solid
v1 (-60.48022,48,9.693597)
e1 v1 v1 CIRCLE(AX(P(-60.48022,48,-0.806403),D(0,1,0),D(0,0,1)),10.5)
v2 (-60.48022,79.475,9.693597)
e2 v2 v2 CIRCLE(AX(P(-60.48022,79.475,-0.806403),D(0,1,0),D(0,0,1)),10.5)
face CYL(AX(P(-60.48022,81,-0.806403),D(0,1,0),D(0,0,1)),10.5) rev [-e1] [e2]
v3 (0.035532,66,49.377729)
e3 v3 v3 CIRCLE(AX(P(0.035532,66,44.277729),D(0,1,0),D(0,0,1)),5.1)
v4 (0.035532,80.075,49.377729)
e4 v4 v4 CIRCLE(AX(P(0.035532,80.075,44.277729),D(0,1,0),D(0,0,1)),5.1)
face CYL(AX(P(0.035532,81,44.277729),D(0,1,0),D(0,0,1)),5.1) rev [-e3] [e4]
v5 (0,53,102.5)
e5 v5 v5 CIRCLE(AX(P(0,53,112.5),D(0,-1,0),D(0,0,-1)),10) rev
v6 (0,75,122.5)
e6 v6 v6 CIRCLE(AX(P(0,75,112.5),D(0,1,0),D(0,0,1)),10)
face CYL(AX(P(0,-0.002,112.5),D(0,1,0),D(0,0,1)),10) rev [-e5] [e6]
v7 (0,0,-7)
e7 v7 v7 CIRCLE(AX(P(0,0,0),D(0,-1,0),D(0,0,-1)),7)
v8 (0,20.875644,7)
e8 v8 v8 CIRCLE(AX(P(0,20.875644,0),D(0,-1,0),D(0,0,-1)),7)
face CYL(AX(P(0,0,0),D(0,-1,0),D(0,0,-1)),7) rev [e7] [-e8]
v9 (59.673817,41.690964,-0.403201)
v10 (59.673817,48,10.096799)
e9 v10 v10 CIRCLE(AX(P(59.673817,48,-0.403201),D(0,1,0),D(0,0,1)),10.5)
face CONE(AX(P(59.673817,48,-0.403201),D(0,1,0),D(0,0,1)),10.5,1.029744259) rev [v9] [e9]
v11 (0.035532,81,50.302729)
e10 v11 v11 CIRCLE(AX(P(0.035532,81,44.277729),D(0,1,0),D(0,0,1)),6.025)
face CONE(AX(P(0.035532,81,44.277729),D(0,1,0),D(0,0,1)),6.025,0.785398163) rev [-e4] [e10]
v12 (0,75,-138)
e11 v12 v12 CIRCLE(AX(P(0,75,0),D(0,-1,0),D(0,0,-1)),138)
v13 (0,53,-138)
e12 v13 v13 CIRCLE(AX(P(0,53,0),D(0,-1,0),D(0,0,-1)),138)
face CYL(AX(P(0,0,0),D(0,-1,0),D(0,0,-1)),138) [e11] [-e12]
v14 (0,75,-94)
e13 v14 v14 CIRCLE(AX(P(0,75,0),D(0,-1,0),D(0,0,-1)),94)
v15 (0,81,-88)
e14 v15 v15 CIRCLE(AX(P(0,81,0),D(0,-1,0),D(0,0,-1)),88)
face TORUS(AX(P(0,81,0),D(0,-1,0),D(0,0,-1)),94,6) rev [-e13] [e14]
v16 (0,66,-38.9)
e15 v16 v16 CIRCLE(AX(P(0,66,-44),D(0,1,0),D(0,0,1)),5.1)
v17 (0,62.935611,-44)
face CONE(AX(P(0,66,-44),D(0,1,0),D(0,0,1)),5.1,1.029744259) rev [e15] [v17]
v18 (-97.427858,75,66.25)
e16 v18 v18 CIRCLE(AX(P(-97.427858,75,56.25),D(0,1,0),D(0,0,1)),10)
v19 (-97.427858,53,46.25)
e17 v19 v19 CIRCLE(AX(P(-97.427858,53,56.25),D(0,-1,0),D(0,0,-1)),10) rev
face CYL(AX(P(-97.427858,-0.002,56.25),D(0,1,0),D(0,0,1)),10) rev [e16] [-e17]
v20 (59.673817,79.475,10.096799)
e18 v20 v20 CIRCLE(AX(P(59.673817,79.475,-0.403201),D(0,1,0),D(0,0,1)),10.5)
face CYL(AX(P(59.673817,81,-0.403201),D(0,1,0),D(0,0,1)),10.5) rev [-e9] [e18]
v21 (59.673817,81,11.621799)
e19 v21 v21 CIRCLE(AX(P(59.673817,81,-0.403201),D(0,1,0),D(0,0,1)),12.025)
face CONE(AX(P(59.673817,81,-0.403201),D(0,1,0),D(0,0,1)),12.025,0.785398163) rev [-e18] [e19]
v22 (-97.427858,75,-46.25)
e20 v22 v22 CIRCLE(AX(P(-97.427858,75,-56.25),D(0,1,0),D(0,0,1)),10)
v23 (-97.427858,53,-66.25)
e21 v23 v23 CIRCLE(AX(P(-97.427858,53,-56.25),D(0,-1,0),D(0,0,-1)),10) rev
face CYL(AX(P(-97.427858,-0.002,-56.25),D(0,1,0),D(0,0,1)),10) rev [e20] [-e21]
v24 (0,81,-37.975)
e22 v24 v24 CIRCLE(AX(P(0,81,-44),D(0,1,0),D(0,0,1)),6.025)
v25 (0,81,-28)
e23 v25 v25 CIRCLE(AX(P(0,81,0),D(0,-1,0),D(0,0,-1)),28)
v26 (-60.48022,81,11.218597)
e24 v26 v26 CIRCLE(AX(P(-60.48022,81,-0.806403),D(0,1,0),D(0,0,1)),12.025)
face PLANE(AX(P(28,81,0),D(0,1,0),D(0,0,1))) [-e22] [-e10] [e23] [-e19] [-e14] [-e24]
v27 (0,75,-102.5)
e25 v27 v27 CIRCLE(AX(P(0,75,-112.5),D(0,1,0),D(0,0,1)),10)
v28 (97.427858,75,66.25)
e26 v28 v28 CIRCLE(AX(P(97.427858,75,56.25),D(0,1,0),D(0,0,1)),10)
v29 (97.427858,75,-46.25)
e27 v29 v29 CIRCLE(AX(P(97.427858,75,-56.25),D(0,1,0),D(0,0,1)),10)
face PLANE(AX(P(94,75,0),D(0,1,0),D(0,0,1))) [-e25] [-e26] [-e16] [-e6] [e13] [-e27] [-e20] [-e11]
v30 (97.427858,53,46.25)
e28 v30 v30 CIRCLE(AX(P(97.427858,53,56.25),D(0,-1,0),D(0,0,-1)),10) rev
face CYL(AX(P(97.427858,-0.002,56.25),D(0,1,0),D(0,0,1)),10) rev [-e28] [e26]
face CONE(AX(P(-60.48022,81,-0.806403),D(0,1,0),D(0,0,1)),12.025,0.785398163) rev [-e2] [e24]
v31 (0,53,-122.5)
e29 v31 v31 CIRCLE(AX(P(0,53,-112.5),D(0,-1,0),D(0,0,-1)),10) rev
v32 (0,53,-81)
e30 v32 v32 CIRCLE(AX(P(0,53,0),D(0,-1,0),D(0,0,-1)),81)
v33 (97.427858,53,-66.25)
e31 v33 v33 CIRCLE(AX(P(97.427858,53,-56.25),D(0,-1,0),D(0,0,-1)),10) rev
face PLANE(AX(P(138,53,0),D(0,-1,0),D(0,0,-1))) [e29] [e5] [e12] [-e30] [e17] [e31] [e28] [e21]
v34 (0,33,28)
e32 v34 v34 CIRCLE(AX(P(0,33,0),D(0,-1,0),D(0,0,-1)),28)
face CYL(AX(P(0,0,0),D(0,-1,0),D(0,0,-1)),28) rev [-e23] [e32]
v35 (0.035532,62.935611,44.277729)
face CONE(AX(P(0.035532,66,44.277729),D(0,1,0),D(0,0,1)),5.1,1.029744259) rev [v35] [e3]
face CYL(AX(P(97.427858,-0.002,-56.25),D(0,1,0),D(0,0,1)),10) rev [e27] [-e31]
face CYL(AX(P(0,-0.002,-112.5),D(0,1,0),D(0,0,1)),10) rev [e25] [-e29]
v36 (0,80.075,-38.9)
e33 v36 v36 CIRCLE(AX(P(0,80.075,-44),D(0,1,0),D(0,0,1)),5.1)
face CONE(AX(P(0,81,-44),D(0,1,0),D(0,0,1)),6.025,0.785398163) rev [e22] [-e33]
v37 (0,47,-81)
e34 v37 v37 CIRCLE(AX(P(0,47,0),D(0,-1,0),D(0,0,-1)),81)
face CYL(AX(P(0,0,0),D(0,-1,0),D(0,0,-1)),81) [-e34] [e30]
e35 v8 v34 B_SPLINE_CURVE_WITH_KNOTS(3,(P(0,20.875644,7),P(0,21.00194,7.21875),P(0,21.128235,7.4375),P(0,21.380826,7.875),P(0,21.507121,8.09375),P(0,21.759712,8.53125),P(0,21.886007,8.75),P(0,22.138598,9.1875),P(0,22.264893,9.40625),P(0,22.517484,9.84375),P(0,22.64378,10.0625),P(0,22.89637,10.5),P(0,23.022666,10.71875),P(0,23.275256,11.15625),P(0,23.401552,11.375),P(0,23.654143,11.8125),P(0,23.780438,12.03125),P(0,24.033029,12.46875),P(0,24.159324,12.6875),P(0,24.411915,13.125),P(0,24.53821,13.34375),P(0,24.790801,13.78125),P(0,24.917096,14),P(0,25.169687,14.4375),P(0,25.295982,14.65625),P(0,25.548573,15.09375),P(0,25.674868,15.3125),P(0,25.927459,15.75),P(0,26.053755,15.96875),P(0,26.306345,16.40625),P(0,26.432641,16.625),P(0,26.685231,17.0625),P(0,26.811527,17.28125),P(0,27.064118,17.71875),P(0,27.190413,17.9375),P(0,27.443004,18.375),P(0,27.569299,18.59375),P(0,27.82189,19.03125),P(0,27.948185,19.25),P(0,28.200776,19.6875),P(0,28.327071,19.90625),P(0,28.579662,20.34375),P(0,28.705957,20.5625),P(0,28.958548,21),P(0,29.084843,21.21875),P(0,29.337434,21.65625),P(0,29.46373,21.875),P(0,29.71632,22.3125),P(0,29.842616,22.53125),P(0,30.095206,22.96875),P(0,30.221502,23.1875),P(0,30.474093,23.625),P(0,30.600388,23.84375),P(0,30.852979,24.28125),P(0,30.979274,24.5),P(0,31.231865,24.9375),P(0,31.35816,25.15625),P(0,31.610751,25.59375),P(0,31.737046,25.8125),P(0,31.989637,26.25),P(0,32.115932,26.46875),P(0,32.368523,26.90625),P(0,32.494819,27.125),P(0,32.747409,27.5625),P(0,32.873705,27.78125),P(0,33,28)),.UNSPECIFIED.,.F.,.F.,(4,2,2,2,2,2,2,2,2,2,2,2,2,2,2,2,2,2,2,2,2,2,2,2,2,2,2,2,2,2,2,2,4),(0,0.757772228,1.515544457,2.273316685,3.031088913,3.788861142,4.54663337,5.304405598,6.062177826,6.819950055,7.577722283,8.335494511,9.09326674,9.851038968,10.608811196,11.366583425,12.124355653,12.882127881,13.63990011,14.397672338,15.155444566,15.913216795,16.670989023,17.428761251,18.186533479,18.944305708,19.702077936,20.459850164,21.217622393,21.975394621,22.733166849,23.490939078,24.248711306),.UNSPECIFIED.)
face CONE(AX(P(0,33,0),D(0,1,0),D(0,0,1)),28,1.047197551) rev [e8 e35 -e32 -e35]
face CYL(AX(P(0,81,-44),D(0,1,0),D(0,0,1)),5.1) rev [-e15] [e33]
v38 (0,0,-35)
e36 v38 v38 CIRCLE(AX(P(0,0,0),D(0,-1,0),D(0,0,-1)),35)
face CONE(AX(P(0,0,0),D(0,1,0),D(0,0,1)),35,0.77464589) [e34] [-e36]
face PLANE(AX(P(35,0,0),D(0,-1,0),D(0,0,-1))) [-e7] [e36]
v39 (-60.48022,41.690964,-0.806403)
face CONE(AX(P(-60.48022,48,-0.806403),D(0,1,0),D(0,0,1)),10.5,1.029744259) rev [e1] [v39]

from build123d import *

# Parameters (mm, degrees)
M12_TAPPED_HOLE1_D           = 10.2
M12_TAPPED_HOLE1_DEPTH       = 15
M12_TAPPED_HOLE1_CSINK_D     = 12.05
M12_TAPPED_HOLE1_CSINK_ANGLE = 90
M12_TAPPED_HOLE1_TIP         = 3.064389157
M12_TAPPED_HOLE3_D           = 10.2
M12_TAPPED_HOLE3_DEPTH       = 15
M12_TAPPED_HOLE3_CSINK_D     = 12.05
M12_TAPPED_HOLE3_CSINK_ANGLE = 90
M12_TAPPED_HOLE3_TIP         = 3.064389157
M24_TAPPED_HOLE2_D           = 21
M24_TAPPED_HOLE2_DEPTH       = 33
M24_TAPPED_HOLE2_CSINK_D     = 24.05
M24_TAPPED_HOLE2_CSINK_ANGLE = 90
M24_TAPPED_HOLE2_TIP         = 6.3090365
CUT_EXTRUDE1_REACH           = 211.077
SKETCH3_R                    = 10


with BuildPart() as part:
    # Sketch2 → Revolve1 (revolve)
    with BuildSketch(Plane.XY, mode=Mode.PRIVATE) as revolve1_sk:
        with BuildLine():
            Line((7, 0), (7, 20.875644347))
            Line((7, 20.875644347), (28, 33))
            Line((28, 33), (28, 81))
            Line((28, 81), (88, 81))
            ThreePointArc((88, 81), (89.757359313, 76.757359313), (94, 75))
            Line((94, 75), (138, 75))
            Line((138, 75), (138, 53))
            Line((138, 53), (81, 53))
            Line((81, 53), (81, 47))
            Line((81, 47), (35, 0))
            Line((35, 0), (7, 0))
        make_face()
    revolve(revolve1_sk.sketch.rotate(Axis((0, 0, 0), (0, 1, 0)), 90), axis=Axis((0, 0, 0), (0, 1, 0)))

    # M12 Tapped Hole1
    with Locations(Plane(origin=(0, 81, 0), x_dir=(1, 0, 0), z_dir=(0, 1, 0))):
        with Locations((0.035531834, -44.277728927)):
            CounterSinkHole(M12_TAPPED_HOLE1_D / 2, M12_TAPPED_HOLE1_CSINK_D / 2, depth=M12_TAPPED_HOLE1_DEPTH, counter_sink_angle=M12_TAPPED_HOLE1_CSINK_ANGLE)
            with Locations((0, 0, -(M12_TAPPED_HOLE1_DEPTH + M12_TAPPED_HOLE1_TIP / 2))):  # 118° drill point
                Cone(0, M12_TAPPED_HOLE1_D / 2, M12_TAPPED_HOLE1_TIP, mode=Mode.SUBTRACT)

    # M12 Tapped Hole3
    with Locations(Plane(origin=(0, 81, 0), x_dir=(1, 0, 0), z_dir=(0, 1, 0))):
        with Locations((0, 44)):
            CounterSinkHole(M12_TAPPED_HOLE3_D / 2, M12_TAPPED_HOLE3_CSINK_D / 2, depth=M12_TAPPED_HOLE3_DEPTH, counter_sink_angle=M12_TAPPED_HOLE3_CSINK_ANGLE)
            with Locations((0, 0, -(M12_TAPPED_HOLE3_DEPTH + M12_TAPPED_HOLE3_TIP / 2))):  # 118° drill point
                Cone(0, M12_TAPPED_HOLE3_D / 2, M12_TAPPED_HOLE3_TIP, mode=Mode.SUBTRACT)

    # M24 Tapped Hole2
    with Locations(Plane(origin=(0, 81, 0), x_dir=(1, 0, 0), z_dir=(0, 1, 0))):
        with Locations((59.673816791, 0.403201465), (0, 0), (-60.480219721, 0.80640293)):
            CounterSinkHole(M24_TAPPED_HOLE2_D / 2, M24_TAPPED_HOLE2_CSINK_D / 2, depth=M24_TAPPED_HOLE2_DEPTH, counter_sink_angle=M24_TAPPED_HOLE2_CSINK_ANGLE)
            with Locations((0, 0, -(M24_TAPPED_HOLE2_DEPTH + M24_TAPPED_HOLE2_TIP / 2))):  # 118° drill point
                Cone(0, M24_TAPPED_HOLE2_D / 2, M24_TAPPED_HOLE2_TIP, mode=Mode.SUBTRACT)

    # Sketch3 → Cut-Extrude1 (cut, up to next)
    with BuildSketch(Plane(origin=(0, 75, 0), x_dir=(1, 0, 0), z_dir=(0, 1, 0)), mode=Mode.PRIVATE) as cut_extrude1_sk1:
        with Locations(Location((0, 112.5, 0), (0, 0, 270))):
            Circle(SKETCH3_R)
    cut_extrude1_tool1 = extrude(cut_extrude1_sk1.sketch, amount=-CUT_EXTRUDE1_REACH, mode=Mode.PRIVATE) & part.part
    # Sketch3 → Cut-Extrude1 (cut, up to next)
    with BuildSketch(Plane(origin=(0, 75, 0), x_dir=(1, 0, 0), z_dir=(0, 1, 0)), mode=Mode.PRIVATE) as cut_extrude1_sk2:
        with Locations(Location((97.427857926, 56.25, 0), (0, 0, 270))):
            Circle(SKETCH3_R)
    cut_extrude1_tool2 = extrude(cut_extrude1_sk2.sketch, amount=-CUT_EXTRUDE1_REACH, mode=Mode.PRIVATE) & part.part
    # Sketch3 → Cut-Extrude1 (cut, up to next)
    with BuildSketch(Plane(origin=(0, 75, 0), x_dir=(1, 0, 0), z_dir=(0, 1, 0)), mode=Mode.PRIVATE) as cut_extrude1_sk3:
        with Locations(Location((97.427857926, -56.25, 0), (0, 0, 270))):
            Circle(SKETCH3_R)
    cut_extrude1_tool3 = extrude(cut_extrude1_sk3.sketch, amount=-CUT_EXTRUDE1_REACH, mode=Mode.PRIVATE) & part.part
    # Sketch3 → Cut-Extrude1 (cut, up to next)
    with BuildSketch(Plane(origin=(0, 75, 0), x_dir=(1, 0, 0), z_dir=(0, 1, 0)), mode=Mode.PRIVATE) as cut_extrude1_sk4:
        with Locations(Location((0, -112.5, 0), (0, 0, 270))):
            Circle(SKETCH3_R)
    cut_extrude1_tool4 = extrude(cut_extrude1_sk4.sketch, amount=-CUT_EXTRUDE1_REACH, mode=Mode.PRIVATE) & part.part
    # Sketch3 → Cut-Extrude1 (cut, up to next)
    with BuildSketch(Plane(origin=(0, 75, 0), x_dir=(1, 0, 0), z_dir=(0, 1, 0)), mode=Mode.PRIVATE) as cut_extrude1_sk5:
        with Locations(Location((-97.427857926, -56.25, 0), (0, 0, 270))):
            Circle(SKETCH3_R)
    cut_extrude1_tool5 = extrude(cut_extrude1_sk5.sketch, amount=-CUT_EXTRUDE1_REACH, mode=Mode.PRIVATE) & part.part
    # Sketch3 → Cut-Extrude1 (cut, up to next)
    with BuildSketch(Plane(origin=(0, 75, 0), x_dir=(1, 0, 0), z_dir=(0, 1, 0)), mode=Mode.PRIVATE) as cut_extrude1_sk6:
        with Locations(Location((-97.427857926, 56.25, 0), (0, 0, 270))):
            Circle(SKETCH3_R)
    cut_extrude1_tool6 = extrude(cut_extrude1_sk6.sketch, amount=-CUT_EXTRUDE1_REACH, mode=Mode.PRIVATE) & part.part
    add(cut_extrude1_tool1.solids().sort_by_distance((0, 75, -112.5))[0], mode=Mode.SUBTRACT)
    add(cut_extrude1_tool2.solids().sort_by_distance((97.427858, 75, -56.25))[0], mode=Mode.SUBTRACT)
    add(cut_extrude1_tool3.solids().sort_by_distance((97.427858, 75, 56.25))[0], mode=Mode.SUBTRACT)
    add(cut_extrude1_tool4.solids().sort_by_distance((0, 75, 112.5))[0], mode=Mode.SUBTRACT)
    add(cut_extrude1_tool5.solids().sort_by_distance((-97.427858, 75, 56.25))[0], mode=Mode.SUBTRACT)
    add(cut_extrude1_tool6.solids().sort_by_distance((-97.427858, 75, -56.25))[0], mode=Mode.SUBTRACT)


solid = part.part
